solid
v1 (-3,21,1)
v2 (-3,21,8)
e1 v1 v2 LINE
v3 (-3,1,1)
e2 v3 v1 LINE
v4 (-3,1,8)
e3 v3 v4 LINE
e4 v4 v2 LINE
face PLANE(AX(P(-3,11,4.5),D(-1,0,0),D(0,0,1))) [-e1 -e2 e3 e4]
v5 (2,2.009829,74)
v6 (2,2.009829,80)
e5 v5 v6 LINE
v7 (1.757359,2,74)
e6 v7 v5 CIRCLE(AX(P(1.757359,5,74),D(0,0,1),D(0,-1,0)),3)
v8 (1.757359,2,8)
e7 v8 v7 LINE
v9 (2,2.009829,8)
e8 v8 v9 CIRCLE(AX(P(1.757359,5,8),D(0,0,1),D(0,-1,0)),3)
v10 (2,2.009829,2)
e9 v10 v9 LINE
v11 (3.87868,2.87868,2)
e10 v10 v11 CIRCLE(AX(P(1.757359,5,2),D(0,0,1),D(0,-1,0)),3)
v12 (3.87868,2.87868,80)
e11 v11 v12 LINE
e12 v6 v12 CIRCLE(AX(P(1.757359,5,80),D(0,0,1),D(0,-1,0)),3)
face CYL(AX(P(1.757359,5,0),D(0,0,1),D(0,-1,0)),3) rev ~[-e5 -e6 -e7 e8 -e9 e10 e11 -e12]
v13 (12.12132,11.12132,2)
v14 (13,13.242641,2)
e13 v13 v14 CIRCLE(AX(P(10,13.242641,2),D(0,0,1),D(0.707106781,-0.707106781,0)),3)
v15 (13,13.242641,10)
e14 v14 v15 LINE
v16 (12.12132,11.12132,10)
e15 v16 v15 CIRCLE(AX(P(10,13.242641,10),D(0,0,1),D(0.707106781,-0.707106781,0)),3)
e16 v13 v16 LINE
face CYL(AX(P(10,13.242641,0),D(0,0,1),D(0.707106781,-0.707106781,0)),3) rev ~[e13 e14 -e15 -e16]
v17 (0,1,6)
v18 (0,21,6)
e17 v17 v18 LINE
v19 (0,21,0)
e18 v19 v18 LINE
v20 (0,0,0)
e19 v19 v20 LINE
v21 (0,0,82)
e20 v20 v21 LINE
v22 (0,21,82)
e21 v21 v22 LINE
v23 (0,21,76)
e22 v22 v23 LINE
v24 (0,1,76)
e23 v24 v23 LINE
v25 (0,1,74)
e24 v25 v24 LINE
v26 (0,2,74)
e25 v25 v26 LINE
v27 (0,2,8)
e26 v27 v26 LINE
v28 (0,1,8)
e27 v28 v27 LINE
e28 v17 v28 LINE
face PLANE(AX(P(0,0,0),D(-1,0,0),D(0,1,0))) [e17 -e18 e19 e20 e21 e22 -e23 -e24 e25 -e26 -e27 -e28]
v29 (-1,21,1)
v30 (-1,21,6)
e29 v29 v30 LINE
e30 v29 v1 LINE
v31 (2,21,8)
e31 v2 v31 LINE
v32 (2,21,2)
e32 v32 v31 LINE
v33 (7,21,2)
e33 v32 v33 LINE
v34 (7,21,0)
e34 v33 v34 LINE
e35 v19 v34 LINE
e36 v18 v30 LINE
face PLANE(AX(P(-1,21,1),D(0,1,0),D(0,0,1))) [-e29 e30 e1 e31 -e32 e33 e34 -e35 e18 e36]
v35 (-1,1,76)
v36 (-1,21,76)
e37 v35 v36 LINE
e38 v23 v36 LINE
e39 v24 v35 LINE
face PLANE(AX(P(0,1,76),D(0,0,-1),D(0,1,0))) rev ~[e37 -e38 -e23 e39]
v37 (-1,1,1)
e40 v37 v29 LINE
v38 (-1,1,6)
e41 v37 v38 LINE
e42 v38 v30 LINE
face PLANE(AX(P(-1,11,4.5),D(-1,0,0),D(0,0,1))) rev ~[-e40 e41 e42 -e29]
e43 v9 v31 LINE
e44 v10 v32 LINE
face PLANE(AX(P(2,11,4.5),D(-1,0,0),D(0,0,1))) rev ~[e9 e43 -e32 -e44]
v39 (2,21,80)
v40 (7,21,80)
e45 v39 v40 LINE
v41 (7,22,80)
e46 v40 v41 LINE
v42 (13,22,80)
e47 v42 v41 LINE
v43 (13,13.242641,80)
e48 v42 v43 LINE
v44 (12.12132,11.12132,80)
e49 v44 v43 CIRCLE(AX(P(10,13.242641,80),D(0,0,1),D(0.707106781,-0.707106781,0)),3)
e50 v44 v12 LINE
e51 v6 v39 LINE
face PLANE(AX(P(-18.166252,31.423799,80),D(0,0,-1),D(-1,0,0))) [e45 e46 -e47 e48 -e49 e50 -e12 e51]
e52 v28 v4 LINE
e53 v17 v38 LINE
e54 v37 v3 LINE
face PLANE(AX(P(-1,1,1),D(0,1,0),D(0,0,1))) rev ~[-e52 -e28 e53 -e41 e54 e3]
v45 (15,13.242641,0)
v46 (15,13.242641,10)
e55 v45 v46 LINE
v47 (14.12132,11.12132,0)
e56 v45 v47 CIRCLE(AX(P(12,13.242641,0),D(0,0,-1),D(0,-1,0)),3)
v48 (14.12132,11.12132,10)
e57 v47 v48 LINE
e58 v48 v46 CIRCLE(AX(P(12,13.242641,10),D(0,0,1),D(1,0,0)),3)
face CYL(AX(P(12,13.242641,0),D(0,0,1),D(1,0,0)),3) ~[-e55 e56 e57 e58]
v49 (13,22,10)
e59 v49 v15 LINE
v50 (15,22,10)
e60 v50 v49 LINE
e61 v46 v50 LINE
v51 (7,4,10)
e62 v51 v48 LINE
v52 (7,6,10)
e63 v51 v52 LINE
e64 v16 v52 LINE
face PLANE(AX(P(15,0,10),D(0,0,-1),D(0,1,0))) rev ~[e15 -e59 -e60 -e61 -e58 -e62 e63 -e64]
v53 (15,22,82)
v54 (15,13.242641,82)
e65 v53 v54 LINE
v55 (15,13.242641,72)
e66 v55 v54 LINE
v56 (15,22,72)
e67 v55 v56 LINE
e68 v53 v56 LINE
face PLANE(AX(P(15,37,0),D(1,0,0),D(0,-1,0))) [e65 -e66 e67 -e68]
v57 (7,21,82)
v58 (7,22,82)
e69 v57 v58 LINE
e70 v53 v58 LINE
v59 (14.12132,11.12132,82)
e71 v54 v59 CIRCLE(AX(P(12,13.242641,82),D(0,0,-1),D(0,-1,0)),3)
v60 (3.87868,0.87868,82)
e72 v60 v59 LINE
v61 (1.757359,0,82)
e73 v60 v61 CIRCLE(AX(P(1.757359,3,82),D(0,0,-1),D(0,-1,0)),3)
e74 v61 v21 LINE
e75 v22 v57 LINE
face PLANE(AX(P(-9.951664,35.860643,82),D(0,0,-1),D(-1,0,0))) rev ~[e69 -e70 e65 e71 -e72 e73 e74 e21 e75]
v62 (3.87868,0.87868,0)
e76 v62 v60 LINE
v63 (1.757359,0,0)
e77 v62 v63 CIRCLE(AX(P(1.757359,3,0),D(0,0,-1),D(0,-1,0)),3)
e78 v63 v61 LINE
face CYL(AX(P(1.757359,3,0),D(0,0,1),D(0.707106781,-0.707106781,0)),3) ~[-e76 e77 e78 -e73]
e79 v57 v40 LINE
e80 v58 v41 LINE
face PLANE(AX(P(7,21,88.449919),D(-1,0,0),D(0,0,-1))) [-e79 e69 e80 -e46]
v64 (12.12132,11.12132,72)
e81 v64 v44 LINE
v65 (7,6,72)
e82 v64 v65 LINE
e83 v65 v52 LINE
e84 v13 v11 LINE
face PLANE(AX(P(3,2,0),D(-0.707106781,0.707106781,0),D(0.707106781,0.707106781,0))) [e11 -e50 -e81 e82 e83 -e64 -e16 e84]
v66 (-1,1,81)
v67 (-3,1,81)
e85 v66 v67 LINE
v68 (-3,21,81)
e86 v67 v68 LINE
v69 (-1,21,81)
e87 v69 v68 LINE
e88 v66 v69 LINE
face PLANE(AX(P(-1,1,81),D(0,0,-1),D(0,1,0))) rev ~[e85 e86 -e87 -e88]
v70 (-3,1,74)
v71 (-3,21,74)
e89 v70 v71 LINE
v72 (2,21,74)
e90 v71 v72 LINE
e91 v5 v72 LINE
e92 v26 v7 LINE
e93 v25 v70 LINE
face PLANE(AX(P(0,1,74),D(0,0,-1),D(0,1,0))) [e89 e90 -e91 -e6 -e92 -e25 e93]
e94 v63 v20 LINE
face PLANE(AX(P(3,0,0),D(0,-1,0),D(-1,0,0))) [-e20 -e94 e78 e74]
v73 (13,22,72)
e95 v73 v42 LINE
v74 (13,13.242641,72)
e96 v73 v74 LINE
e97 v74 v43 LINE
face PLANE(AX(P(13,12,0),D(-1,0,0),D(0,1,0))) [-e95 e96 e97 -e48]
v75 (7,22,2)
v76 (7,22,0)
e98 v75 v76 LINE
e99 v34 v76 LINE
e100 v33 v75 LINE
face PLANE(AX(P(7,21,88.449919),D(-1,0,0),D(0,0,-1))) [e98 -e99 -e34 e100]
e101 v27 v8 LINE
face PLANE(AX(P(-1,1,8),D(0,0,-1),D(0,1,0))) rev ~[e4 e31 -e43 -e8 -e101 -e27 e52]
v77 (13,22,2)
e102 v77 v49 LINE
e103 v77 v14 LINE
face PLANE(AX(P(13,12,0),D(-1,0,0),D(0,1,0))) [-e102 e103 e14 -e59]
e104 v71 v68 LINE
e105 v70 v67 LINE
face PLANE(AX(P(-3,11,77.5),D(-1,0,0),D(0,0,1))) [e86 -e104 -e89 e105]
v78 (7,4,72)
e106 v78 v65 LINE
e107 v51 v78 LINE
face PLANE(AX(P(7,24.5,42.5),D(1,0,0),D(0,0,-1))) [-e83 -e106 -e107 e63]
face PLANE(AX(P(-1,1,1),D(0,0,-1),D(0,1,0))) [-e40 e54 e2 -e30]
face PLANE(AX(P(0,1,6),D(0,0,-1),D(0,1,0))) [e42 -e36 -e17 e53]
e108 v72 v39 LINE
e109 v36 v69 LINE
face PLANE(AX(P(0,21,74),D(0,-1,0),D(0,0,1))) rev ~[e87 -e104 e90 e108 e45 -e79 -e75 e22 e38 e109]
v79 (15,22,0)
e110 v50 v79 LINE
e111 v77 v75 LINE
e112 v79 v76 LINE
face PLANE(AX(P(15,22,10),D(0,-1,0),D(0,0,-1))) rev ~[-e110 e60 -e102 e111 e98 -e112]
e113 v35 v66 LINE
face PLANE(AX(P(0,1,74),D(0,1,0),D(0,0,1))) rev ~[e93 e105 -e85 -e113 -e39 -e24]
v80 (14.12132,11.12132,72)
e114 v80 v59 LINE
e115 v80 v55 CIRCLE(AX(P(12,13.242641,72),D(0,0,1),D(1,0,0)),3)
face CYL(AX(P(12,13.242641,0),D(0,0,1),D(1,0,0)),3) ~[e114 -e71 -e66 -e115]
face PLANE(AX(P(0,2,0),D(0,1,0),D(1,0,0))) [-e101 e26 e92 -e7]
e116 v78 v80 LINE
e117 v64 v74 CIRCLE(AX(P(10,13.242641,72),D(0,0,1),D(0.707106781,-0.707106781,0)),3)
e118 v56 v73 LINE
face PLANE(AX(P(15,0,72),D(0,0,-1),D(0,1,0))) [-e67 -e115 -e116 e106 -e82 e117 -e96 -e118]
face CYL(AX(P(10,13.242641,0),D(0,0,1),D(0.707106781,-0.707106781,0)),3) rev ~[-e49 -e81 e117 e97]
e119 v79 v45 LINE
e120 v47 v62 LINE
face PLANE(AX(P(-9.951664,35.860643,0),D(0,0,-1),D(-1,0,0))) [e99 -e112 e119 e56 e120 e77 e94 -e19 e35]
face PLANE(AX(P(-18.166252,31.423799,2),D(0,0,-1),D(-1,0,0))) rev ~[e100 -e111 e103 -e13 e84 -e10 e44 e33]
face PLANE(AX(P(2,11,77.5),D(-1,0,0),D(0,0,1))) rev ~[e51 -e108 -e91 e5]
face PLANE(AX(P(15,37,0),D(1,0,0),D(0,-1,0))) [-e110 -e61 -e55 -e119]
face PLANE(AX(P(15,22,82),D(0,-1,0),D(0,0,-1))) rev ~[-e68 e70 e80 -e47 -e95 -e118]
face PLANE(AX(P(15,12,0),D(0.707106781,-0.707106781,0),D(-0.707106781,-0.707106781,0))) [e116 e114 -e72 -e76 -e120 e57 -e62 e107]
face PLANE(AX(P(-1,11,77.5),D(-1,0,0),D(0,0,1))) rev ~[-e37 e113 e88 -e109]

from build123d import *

# Parameters (mm, degrees)
EXTRUDE_1_DEPTH       = 82
FILLET_1_R            = 3
EXTRUDE_START         = -2
EXTRUDE_2_DEPTH       = 2
EXTRUDE_START_2       = -82
EXTRUDE_3_DEPTH       = 2
CUT_EXTRUDE_1_DEPTH   = 2
CUT_EXTRUDE_2_DEPTH   = 2
CUT_EXTRUDE_3_REACH   = 114.805
SKETCH_7_R            = 2
SKETCH_7_R_2          = 3.3
SKETCH_8_R            = 2
EXTRUDE_4_DEPTH       = 18
SKETCH_9_W            = 7
SKETCH_9_H            = 20
EXTRUDE_5_DEPTH       = 2
SKETCH_10_W           = 2
SKETCH_10_H           = 20
EXTRUDE_6_DEPTH       = 1
SKETCH_11_W           = 7
SKETCH_11_H           = 20
EXTRUDE_7_DEPTH       = 2
SKETCH_12_OUTSIDE_W   = 111.698
SKETCH_12_OUTSIDE_H   = 75.698
SKETCH_12_OUTSIDE_W_2 = 10
SKETCH_12_OUTSIDE_H_2 = 22
CUT_EXTRUDE_4_DEPTH   = 8
SKETCH_14_W           = 93.129876152
SKETCH_14_H           = 88.449918806
CUT_EXTRUDE_5_DEPTH   = 108.745069493


with BuildPart() as part:
    # 草图1 → 凸台-拉伸1 (new body)
    with BuildSketch(Plane.XY):
        Polygon((0, 0), (0, 2), (3, 2), (13, 12), (13, 37), (3, 47), (-60, 47), (-60, 49), (3, 49), (15, 37), (15, 12), (3, 0), align=None)
    extrude(amount=EXTRUDE_1_DEPTH)

    # 圆角1
    fillet_1_edges = [part.edges().sort_by_distance(p)[0] for p in [
        (3, 0, 41),
        (15, 12, 41),
        (15, 37, 41),
        (3, 49, 41),
        (3, 2, 41),
        (13, 12, 41),
        (13, 37, 41),
        (3, 47, 41),
    ]]
    fillet(fillet_1_edges, radius=FILLET_1_R)

    # 草图4 → 凸台-拉伸2 (add)
    with BuildSketch(Plane(origin=(0, 0, 0), x_dir=(-1, 0, 0), z_dir=(0, 0, -1)).offset(EXTRUDE_START)):
        with BuildLine():
            Line((0, 0), (0, 26))
            Line((0, 26), (4, 26))
            Line((4, 26), (4, 27))
            Line((4, 27), (60, 27))
            Line((60, 27), (60, 49))
            Line((60, 49), (-1.757359313, 49))
            ThreePointArc((-1.757359313, 49), (-2.90540961, 48.771638598), (-3.878679656, 48.121320344))
            Line((-3.878679656, 48.121320344), (-14.121320344, 37.878679656))
            ThreePointArc((-14.121320344, 37.878679656), (-14.771638598, 36.90540961), (-15, 35.757359313))
            Line((-15, 35.757359313), (-15, 13.242640687))
            ThreePointArc((-15, 13.242640687), (-14.771638598, 12.09459039), (-14.121320344, 11.121320344))
            Line((-14.121320344, 11.121320344), (-3.878679656, 0.878679656))
            ThreePointArc((-3.878679656, 0.878679656), (-2.90540961, 0.228361402), (-1.757359313, 0))
            Line((-1.757359313, 0), (0, 0))
        make_face()
    extrude(amount=EXTRUDE_2_DEPTH)

    # 草图4<2> → 凸台-拉伸3 (add)
    with BuildSketch(Plane(origin=(0, 0, 0), x_dir=(-1, 0, 0), z_dir=(0, 0, -1)).offset(EXTRUDE_START_2)):
        with BuildLine():
            Line((0, 0), (0, 26))
            Line((0, 26), (4, 26))
            Line((4, 26), (4, 27))
            Line((4, 27), (60, 27))
            Line((60, 27), (60, 49))
            Line((60, 49), (-1.757359313, 49))
            ThreePointArc((-1.757359313, 49), (-2.90540961, 48.771638598), (-3.878679656, 48.121320344))
            Line((-3.878679656, 48.121320344), (-14.121320344, 37.878679656))
            ThreePointArc((-14.121320344, 37.878679656), (-14.771638598, 36.90540961), (-15, 35.757359313))
            Line((-15, 35.757359313), (-15, 13.242640687))
            ThreePointArc((-15, 13.242640687), (-14.771638598, 12.09459039), (-14.121320344, 11.121320344))
            Line((-14.121320344, 11.121320344), (-3.878679656, 0.878679656))
            ThreePointArc((-3.878679656, 0.878679656), (-2.90540961, 0.228361402), (-1.757359313, 0))
            Line((-1.757359313, 0), (0, 0))
        make_face()
    extrude(amount=EXTRUDE_3_DEPTH)

    # 草图5 → 切除-拉伸1 (cut)
    with BuildSketch(Plane(origin=(0, 0, 0), x_dir=(-1, 0, 0), z_dir=(0, 0, -1))):
        Polygon((2.661599935, 45.0208), (2.661599935, 31), (0, 31), (0, 29.863095934), (55.9999896, 29.863095934), (55.9999896, 31), (53.469479015, 31), (53.469479015, 44.2999988), (37.469480535, 44.2999988), (37.469480535, 31), (36.113001155, 31), (36.113001155, 38.112), (19.512998795, 38.112), (19.512998795, 31), (17.861600015, 31), (17.861600015, 45.0208), align=None)
    extrude(amount=-CUT_EXTRUDE_1_DEPTH, mode=Mode.SUBTRACT)

    # 草图6 → 切除-拉伸2 (cut)
    with BuildSketch(Plane.XY.offset(82)):
        Polygon((-55.9999896, 31), (-49.543385864, 31), (-49.543385864, 37.1214), (-33.143393264, 37.1214), (-33.143393264, 32.1214), (-29.143393264, 32.1214), (-29.143393264, 31), (-10.34416017, 31), (-10.34416017, 33.50000008), (-6.34416055, 33.50000008), (-6.34416055, 31), (0, 31), (0, 27), (0, 26), (-4, 26), (-4, 27), (-55.9999896, 27), align=None)
    extrude(amount=-CUT_EXTRUDE_2_DEPTH, mode=Mode.SUBTRACT)

    # 草图7 → 切除-拉伸3 (cut, up to next)
    with BuildSketch(Plane(origin=(0, 49, 0), x_dir=(1, 0, 0), z_dir=(0, 1, 0)), mode=Mode.PRIVATE) as cut_extrude_3_sk1:
        with Locations((-52.4947896, -81.4948)):
            Circle(SKETCH_7_R)
    cut_extrude_3_tool1 = extrude(cut_extrude_3_sk1.sketch, amount=-CUT_EXTRUDE_3_REACH, mode=Mode.PRIVATE) & part.part
    # 草图7 → 切除-拉伸3 (cut, up to next)
    with BuildSketch(Plane(origin=(0, 49, 0), x_dir=(1, 0, 0), z_dir=(0, 1, 0)), mode=Mode.PRIVATE) as cut_extrude_3_sk2:
        with Locations((-3.4981896, -81.4948)):
            Circle(SKETCH_7_R)
    cut_extrude_3_tool2 = extrude(cut_extrude_3_sk2.sketch, amount=-CUT_EXTRUDE_3_REACH, mode=Mode.PRIVATE) & part.part
    # 草图7 → 切除-拉伸3 (cut, up to next)
    with BuildSketch(Plane(origin=(0, 49, 0), x_dir=(1, 0, 0), z_dir=(0, 1, 0)), mode=Mode.PRIVATE) as cut_extrude_3_sk3:
        with Locations((-43.742640687, -20.5)):
            Circle(SKETCH_7_R_2)
    cut_extrude_3_tool3 = extrude(cut_extrude_3_sk3.sketch, amount=-CUT_EXTRUDE_3_REACH, mode=Mode.PRIVATE) & part.part
    # 草图7 → 切除-拉伸3 (cut, up to next)
    with BuildSketch(Plane(origin=(0, 49, 0), x_dir=(1, 0, 0), z_dir=(0, 1, 0)), mode=Mode.PRIVATE) as cut_extrude_3_sk4:
        with Locations((-2.742640687, -20.5)):
            Circle(SKETCH_7_R_2)
    cut_extrude_3_tool4 = extrude(cut_extrude_3_sk4.sketch, amount=-CUT_EXTRUDE_3_REACH, mode=Mode.PRIVATE) & part.part
    # 草图7 → 切除-拉伸3 (cut, up to next)
    with BuildSketch(Plane(origin=(0, 49, 0), x_dir=(1, 0, 0), z_dir=(0, 1, 0)), mode=Mode.PRIVATE) as cut_extrude_3_sk5:
        with Locations((-2.742640687, -61.5)):
            Circle(SKETCH_7_R_2)
    cut_extrude_3_tool5 = extrude(cut_extrude_3_sk5.sketch, amount=-CUT_EXTRUDE_3_REACH, mode=Mode.PRIVATE) & part.part
    # 草图7 → 切除-拉伸3 (cut, up to next)
    with BuildSketch(Plane(origin=(0, 49, 0), x_dir=(1, 0, 0), z_dir=(0, 1, 0)), mode=Mode.PRIVATE) as cut_extrude_3_sk6:
        with Locations((-43.742640687, -61.5)):
            Circle(SKETCH_7_R_2)
    cut_extrude_3_tool6 = extrude(cut_extrude_3_sk6.sketch, amount=-CUT_EXTRUDE_3_REACH, mode=Mode.PRIVATE) & part.part
    # 草图7 → 切除-拉伸3 (cut, up to next)
    with BuildSketch(Plane(origin=(0, 49, 0), x_dir=(1, 0, 0), z_dir=(0, 1, 0)), mode=Mode.PRIVATE) as cut_extrude_3_sk7:
        with BuildLine():
            Line((-50, -66), (-50, -78))
            Line((-50, -78), (-53.9999896, -78))
            ThreePointArc((-53.9999896, -78), (-55.414203162, -78.585786438), (-55.9999896, -80))
            Line((-55.9999896, -80), (-60, -80))
            Line((-60, -80), (-60, -23.494789))
            ThreePointArc((-60, -23.494789), (-59.121320344, -25.616109344), (-57, -26.494789))
            Line((-57, -26.494789), (-52.436945771, -26.494789))
            ThreePointArc((-52.436945771, -26.494789), (-50.713764891, -27.208553891), (-50, -28.931734771))
            Line((-50, -28.931734771), (-50, -41))
            Line((-50, -41), (-50, -66))
        make_face()
    cut_extrude_3_tool7 = extrude(cut_extrude_3_sk7.sketch, amount=-CUT_EXTRUDE_3_REACH, mode=Mode.PRIVATE) & part.part
    # 草图7 → 切除-拉伸3 (cut, up to next)
    with BuildSketch(Plane(origin=(0, 49, 0), x_dir=(1, 0, 0), z_dir=(0, 1, 0)), mode=Mode.PRIVATE) as cut_extrude_3_sk8:
        with BuildLine():
            Line((-38.742640687, -20.5), (-38.742640687, -16))
            Line((-38.742640687, -16), (-7.742640687, -16))
            Line((-7.742640687, -16), (-7.742640687, -20.5))
            ThreePointArc((-7.742640687, -20.5), (-6.278174593, -24.035533906), (-2.742640687, -25.5))
            Line((-2.742640687, -25.5), (1.757359313, -25.5))
            Line((1.757359313, -25.5), (1.757359313, -56.5))
            Line((1.757359313, -56.5), (-2.742640687, -56.5))
            ThreePointArc((-2.742640687, -56.5), (-6.278174593, -57.964466094), (-7.742640687, -61.5))
            Line((-7.742640687, -61.5), (-7.742640687, -66))
            Line((-7.742640687, -66), (-38.742640687, -66))
            Line((-38.742640687, -66), (-38.742640687, -61.5))
            ThreePointArc((-38.742640687, -61.5), (-40.207106781, -57.964466094), (-43.742640687, -56.5))
            Line((-43.742640687, -56.5), (-48.242640687, -56.5))
            Line((-48.242640687, -56.5), (-48.242640687, -25.5))
            Line((-48.242640687, -25.5), (-43.742640687, -25.5))
            ThreePointArc((-43.742640687, -25.5), (-40.207106781, -24.035533906), (-38.742640687, -20.5))
        make_face()
    cut_extrude_3_tool8 = extrude(cut_extrude_3_sk8.sketch, amount=-CUT_EXTRUDE_3_REACH, mode=Mode.PRIVATE) & part.part
    add(cut_extrude_3_tool1.solids().sort_by_distance((-52.49479, 49, 81.4948))[0], mode=Mode.SUBTRACT)
    add(cut_extrude_3_tool2.solids().sort_by_distance((-3.49819, 49, 81.4948))[0], mode=Mode.SUBTRACT)
    add(cut_extrude_3_tool3.solids().sort_by_distance((-43.742641, 49, 20.5))[0], mode=Mode.SUBTRACT)
    add(cut_extrude_3_tool4.solids().sort_by_distance((-2.742641, 49, 20.5))[0], mode=Mode.SUBTRACT)
    add(cut_extrude_3_tool5.solids().sort_by_distance((-2.742641, 49, 61.5))[0], mode=Mode.SUBTRACT)
    add(cut_extrude_3_tool6.solids().sort_by_distance((-43.742641, 49, 61.5))[0], mode=Mode.SUBTRACT)
    add(cut_extrude_3_tool7.solids().sort_by_distance((-55.073425, 49, 52.662221))[0], mode=Mode.SUBTRACT)
    add(cut_extrude_3_tool8.solids().sort_by_distance((-23.242641, 49, 41))[0], mode=Mode.SUBTRACT)

    # 草图8 → 凸台-拉伸4 (add)
    # profile 1 of 2: a face of its own
    with BuildSketch(Plane(origin=(0, 49, 0), x_dir=(1, 0, 0), z_dir=(0, 1, 0))):
        with BuildLine():
            Line((-6.34416055, -79), (0, -79))
            Line((0, -79), (0, -82))
            ThreePointArc((0, -82), (-0.878677535, -84.121318222), (-2.999994, -85))
            Line((-2.999994, -85), (-6.34416055, -85))
            Line((-6.34416055, -85), (-6.34416055, -82))
            Line((-6.34416055, -82), (-6.34416055, -79))
        make_face()
        with Locations((-3.4981896, -81.4948)):
            Circle(SKETCH_8_R, mode=Mode.SUBTRACT)
    # profile 2 of 2: a face of its own
    with BuildSketch(Plane(origin=(0, 49, 0), x_dir=(1, 0, 0), z_dir=(0, 1, 0))):
        with BuildLine():
            Line((-49.543385864, -82), (-49.543385864, -79))
            Line((-49.543385864, -79), (-55.9999896, -79))
            Line((-55.9999896, -79), (-55.9999896, -82))
            ThreePointArc((-55.9999896, -82), (-55.121313822, -84.12131998), (-52.9999956, -85))
            Line((-52.9999956, -85), (-49.543385856, -85))
            Line((-49.543385856, -85), (-49.543385864, -82))
        make_face()
        with Locations((-52.4947896, -81.4948)):
            Circle(SKETCH_8_R, mode=Mode.SUBTRACT)
    extrude(amount=-EXTRUDE_4_DEPTH)

    # 草图9 → 凸台-拉伸5 (add)
    with BuildSketch(Plane.ZY):
        with Locations((4.5, 11)):
            Rectangle(SKETCH_9_W, SKETCH_9_H)
        with Locations((77.5, 11)):
            Rectangle(SKETCH_9_W, SKETCH_9_H)
    extrude(amount=-EXTRUDE_5_DEPTH)

    # 草图10 → 凸台-拉伸6 (add)
    with BuildSketch(Plane.ZY):
        with Locations((7, 11)):
            Rectangle(SKETCH_10_W, SKETCH_10_H)
        with Locations((75, 11)):
            Rectangle(SKETCH_10_W, SKETCH_10_H)
    extrude(amount=EXTRUDE_6_DEPTH)

    # 草图11 → 凸台-拉伸7 (add)
    with BuildSketch(Plane.ZY.offset(1)):
        with Locations((4.5, 11)):
            Rectangle(SKETCH_11_W, SKETCH_11_H)
        with Locations((77.5, 11)):
            Rectangle(SKETCH_11_W, SKETCH_11_H)
    extrude(amount=EXTRUDE_7_DEPTH)

    # 草图12 outside → 切除-拉伸4 (cut)
    with BuildSketch(Plane(origin=(15, 0, 0), x_dir=(0, 0, -1), z_dir=(1, 0, 0))):
        with Locations((-42.5, 24.5)):
            Rectangle(SKETCH_12_OUTSIDE_W, SKETCH_12_OUTSIDE_H)
        with Locations((-77, 11)):
            Rectangle(SKETCH_12_OUTSIDE_W_2, SKETCH_12_OUTSIDE_H_2, mode=Mode.SUBTRACT)
        with Locations((-5, 11)):
            Rectangle(SKETCH_12_OUTSIDE_W_2, SKETCH_12_OUTSIDE_H_2, mode=Mode.SUBTRACT)
    extrude(amount=-CUT_EXTRUDE_4_DEPTH, mode=Mode.SUBTRACT)

    # 草图14 → 切除-拉伸5 (cut, through all)
    with BuildSketch(Plane(origin=(0, 21, 0), x_dir=(1, 0, 0), z_dir=(0, 1, 0))):
        with Locations((-39.564938076, -44.224959403)):
            Rectangle(SKETCH_14_W, SKETCH_14_H)
    extrude(amount=CUT_EXTRUDE_5_DEPTH, mode=Mode.SUBTRACT)


solid = part.part
